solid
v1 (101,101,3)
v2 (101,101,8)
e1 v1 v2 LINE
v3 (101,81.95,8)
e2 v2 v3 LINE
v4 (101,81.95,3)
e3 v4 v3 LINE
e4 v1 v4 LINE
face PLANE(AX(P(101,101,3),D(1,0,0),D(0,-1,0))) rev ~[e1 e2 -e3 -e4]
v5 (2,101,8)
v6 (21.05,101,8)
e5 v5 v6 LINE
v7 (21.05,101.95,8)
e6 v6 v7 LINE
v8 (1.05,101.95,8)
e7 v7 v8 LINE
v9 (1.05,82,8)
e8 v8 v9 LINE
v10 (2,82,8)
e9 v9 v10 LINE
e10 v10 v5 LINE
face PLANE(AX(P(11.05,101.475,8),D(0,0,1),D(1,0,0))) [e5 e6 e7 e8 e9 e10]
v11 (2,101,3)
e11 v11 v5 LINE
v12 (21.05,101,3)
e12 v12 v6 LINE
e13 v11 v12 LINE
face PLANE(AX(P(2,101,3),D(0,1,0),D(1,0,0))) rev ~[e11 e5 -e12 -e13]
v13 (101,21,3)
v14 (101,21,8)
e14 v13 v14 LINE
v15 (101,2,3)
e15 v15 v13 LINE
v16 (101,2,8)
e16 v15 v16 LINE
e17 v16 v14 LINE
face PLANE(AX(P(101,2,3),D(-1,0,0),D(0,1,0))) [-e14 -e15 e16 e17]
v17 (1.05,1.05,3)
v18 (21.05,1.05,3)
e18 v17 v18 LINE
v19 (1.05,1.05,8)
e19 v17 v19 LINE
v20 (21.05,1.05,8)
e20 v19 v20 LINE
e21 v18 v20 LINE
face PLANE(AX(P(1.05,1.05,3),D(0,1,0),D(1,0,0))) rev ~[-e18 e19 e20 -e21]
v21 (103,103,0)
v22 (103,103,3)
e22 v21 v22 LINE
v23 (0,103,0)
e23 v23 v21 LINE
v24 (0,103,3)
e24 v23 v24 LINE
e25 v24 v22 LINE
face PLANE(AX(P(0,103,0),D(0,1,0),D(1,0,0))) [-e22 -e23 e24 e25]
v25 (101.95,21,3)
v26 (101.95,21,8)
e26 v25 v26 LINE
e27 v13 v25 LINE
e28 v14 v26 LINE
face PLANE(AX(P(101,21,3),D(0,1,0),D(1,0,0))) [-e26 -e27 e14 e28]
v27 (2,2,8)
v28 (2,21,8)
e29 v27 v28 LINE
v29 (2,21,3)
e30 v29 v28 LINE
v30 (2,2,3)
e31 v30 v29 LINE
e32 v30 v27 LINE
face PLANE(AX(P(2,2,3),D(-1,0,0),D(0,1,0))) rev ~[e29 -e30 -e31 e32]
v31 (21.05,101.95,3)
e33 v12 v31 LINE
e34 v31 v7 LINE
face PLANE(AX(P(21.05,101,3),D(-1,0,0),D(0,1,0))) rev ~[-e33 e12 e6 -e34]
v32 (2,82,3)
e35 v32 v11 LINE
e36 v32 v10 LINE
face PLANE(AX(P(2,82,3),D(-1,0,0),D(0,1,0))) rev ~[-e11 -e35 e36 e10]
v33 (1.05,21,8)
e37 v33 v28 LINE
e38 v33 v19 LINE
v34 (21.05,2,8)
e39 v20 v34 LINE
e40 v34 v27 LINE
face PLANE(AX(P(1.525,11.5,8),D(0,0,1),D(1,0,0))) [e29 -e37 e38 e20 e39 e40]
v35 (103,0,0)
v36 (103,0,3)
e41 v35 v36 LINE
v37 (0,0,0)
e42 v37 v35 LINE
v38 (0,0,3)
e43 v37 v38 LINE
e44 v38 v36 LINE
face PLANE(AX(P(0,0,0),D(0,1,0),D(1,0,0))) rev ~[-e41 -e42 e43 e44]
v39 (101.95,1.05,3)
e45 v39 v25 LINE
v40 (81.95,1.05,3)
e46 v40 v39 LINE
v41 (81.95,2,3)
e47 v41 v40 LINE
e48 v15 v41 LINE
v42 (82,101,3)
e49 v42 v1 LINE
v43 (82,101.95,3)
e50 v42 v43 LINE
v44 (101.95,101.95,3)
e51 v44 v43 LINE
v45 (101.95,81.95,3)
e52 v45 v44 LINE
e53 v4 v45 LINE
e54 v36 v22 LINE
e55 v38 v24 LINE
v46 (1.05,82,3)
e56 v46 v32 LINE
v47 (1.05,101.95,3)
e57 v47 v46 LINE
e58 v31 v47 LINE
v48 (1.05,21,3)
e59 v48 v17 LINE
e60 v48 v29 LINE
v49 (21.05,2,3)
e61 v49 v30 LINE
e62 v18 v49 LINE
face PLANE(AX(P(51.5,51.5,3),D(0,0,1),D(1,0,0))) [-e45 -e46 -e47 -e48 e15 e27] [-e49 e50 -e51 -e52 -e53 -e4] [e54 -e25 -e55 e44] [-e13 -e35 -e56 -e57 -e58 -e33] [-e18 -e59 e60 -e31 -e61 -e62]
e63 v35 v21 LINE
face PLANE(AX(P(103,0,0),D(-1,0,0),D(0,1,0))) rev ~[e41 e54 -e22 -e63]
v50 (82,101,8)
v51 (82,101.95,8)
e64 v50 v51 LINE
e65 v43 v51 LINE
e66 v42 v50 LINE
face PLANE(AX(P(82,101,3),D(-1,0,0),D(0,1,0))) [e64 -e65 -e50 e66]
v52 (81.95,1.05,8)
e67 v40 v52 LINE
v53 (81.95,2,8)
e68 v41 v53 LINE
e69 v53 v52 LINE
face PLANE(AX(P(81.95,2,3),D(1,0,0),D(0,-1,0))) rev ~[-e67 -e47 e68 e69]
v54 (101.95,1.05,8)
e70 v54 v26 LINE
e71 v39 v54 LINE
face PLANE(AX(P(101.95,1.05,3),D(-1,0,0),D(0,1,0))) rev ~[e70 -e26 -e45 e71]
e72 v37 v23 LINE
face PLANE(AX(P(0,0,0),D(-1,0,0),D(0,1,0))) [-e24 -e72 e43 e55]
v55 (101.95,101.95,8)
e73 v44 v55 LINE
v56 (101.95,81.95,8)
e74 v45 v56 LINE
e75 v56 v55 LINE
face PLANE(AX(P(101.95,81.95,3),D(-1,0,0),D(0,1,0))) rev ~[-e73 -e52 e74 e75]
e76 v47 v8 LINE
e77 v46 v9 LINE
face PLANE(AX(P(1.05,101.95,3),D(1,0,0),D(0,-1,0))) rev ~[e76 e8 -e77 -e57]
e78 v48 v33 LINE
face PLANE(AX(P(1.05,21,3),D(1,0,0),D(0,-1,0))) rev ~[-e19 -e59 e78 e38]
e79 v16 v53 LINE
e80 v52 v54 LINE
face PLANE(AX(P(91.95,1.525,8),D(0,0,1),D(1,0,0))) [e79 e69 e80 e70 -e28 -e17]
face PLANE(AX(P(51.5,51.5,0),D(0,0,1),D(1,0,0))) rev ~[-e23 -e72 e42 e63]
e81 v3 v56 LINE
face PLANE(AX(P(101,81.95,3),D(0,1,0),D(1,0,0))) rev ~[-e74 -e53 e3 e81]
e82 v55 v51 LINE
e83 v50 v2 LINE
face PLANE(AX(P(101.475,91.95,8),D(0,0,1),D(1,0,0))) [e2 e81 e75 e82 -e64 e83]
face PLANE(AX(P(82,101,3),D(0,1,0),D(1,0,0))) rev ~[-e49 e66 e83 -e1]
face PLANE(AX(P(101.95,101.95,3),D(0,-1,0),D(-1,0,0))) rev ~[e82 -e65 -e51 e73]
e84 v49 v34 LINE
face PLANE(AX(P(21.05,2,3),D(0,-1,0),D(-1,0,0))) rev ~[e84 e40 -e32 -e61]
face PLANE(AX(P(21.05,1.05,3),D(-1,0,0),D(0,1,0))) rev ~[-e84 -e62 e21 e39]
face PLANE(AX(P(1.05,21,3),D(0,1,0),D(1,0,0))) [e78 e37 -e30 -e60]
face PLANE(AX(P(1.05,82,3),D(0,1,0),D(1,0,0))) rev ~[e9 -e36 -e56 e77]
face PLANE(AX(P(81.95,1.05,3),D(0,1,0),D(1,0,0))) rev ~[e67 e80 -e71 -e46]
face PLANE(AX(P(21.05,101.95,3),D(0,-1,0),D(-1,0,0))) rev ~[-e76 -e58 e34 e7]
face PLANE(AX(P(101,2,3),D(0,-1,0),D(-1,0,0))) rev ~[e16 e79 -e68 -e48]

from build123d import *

# Parameters (mm, degrees)
F0_W     = 103
F0_H     = 103
F1_DEPTH = 3
F2_W     = 0.95
F2_H     = 19
F2_W_2   = 19
F2_H_2   = 0.95
F3_DEPTH = 5


with BuildPart() as f1:
    # F0 (on Top) → F1 (new body)
    with BuildSketch(Plane.XY):
        with Locations((51.5, 51.5)):
            Rectangle(F0_W, F0_H)
    extrude(amount=F1_DEPTH)

    # F2 (on face) → F3 (join)
    with BuildSketch(Plane.XY.offset(3)):
        with Locations((1.525, 11.5)):
            Rectangle(F2_W, F2_H)
        Polygon((2, 2), (1.05, 2), (1.05, 1.05), (21.05, 1.05), (21.05, 2), align=None)
        Polygon((101, 2), (81.95, 2), (81.95, 1.05), (101.95, 1.05), (101.95, 2), align=None)
        with Locations((101.475, 11.5)):
            Rectangle(F2_W, F2_H)
        Polygon((101.95, 81.95), (101.95, 101.95), (101, 101.95), (101, 101), (101, 81.95), align=None)
        with Locations((91.5, 101.475)):
            Rectangle(F2_W_2, F2_H_2)
        Polygon((21.05, 101.95), (1.05, 101.95), (1.05, 101), (2, 101), (21.05, 101), align=None)
        with Locations((1.525, 91.5)):
            Rectangle(F2_W, F2_H)
    extrude(amount=F3_DEPTH)


solid = f1.part
